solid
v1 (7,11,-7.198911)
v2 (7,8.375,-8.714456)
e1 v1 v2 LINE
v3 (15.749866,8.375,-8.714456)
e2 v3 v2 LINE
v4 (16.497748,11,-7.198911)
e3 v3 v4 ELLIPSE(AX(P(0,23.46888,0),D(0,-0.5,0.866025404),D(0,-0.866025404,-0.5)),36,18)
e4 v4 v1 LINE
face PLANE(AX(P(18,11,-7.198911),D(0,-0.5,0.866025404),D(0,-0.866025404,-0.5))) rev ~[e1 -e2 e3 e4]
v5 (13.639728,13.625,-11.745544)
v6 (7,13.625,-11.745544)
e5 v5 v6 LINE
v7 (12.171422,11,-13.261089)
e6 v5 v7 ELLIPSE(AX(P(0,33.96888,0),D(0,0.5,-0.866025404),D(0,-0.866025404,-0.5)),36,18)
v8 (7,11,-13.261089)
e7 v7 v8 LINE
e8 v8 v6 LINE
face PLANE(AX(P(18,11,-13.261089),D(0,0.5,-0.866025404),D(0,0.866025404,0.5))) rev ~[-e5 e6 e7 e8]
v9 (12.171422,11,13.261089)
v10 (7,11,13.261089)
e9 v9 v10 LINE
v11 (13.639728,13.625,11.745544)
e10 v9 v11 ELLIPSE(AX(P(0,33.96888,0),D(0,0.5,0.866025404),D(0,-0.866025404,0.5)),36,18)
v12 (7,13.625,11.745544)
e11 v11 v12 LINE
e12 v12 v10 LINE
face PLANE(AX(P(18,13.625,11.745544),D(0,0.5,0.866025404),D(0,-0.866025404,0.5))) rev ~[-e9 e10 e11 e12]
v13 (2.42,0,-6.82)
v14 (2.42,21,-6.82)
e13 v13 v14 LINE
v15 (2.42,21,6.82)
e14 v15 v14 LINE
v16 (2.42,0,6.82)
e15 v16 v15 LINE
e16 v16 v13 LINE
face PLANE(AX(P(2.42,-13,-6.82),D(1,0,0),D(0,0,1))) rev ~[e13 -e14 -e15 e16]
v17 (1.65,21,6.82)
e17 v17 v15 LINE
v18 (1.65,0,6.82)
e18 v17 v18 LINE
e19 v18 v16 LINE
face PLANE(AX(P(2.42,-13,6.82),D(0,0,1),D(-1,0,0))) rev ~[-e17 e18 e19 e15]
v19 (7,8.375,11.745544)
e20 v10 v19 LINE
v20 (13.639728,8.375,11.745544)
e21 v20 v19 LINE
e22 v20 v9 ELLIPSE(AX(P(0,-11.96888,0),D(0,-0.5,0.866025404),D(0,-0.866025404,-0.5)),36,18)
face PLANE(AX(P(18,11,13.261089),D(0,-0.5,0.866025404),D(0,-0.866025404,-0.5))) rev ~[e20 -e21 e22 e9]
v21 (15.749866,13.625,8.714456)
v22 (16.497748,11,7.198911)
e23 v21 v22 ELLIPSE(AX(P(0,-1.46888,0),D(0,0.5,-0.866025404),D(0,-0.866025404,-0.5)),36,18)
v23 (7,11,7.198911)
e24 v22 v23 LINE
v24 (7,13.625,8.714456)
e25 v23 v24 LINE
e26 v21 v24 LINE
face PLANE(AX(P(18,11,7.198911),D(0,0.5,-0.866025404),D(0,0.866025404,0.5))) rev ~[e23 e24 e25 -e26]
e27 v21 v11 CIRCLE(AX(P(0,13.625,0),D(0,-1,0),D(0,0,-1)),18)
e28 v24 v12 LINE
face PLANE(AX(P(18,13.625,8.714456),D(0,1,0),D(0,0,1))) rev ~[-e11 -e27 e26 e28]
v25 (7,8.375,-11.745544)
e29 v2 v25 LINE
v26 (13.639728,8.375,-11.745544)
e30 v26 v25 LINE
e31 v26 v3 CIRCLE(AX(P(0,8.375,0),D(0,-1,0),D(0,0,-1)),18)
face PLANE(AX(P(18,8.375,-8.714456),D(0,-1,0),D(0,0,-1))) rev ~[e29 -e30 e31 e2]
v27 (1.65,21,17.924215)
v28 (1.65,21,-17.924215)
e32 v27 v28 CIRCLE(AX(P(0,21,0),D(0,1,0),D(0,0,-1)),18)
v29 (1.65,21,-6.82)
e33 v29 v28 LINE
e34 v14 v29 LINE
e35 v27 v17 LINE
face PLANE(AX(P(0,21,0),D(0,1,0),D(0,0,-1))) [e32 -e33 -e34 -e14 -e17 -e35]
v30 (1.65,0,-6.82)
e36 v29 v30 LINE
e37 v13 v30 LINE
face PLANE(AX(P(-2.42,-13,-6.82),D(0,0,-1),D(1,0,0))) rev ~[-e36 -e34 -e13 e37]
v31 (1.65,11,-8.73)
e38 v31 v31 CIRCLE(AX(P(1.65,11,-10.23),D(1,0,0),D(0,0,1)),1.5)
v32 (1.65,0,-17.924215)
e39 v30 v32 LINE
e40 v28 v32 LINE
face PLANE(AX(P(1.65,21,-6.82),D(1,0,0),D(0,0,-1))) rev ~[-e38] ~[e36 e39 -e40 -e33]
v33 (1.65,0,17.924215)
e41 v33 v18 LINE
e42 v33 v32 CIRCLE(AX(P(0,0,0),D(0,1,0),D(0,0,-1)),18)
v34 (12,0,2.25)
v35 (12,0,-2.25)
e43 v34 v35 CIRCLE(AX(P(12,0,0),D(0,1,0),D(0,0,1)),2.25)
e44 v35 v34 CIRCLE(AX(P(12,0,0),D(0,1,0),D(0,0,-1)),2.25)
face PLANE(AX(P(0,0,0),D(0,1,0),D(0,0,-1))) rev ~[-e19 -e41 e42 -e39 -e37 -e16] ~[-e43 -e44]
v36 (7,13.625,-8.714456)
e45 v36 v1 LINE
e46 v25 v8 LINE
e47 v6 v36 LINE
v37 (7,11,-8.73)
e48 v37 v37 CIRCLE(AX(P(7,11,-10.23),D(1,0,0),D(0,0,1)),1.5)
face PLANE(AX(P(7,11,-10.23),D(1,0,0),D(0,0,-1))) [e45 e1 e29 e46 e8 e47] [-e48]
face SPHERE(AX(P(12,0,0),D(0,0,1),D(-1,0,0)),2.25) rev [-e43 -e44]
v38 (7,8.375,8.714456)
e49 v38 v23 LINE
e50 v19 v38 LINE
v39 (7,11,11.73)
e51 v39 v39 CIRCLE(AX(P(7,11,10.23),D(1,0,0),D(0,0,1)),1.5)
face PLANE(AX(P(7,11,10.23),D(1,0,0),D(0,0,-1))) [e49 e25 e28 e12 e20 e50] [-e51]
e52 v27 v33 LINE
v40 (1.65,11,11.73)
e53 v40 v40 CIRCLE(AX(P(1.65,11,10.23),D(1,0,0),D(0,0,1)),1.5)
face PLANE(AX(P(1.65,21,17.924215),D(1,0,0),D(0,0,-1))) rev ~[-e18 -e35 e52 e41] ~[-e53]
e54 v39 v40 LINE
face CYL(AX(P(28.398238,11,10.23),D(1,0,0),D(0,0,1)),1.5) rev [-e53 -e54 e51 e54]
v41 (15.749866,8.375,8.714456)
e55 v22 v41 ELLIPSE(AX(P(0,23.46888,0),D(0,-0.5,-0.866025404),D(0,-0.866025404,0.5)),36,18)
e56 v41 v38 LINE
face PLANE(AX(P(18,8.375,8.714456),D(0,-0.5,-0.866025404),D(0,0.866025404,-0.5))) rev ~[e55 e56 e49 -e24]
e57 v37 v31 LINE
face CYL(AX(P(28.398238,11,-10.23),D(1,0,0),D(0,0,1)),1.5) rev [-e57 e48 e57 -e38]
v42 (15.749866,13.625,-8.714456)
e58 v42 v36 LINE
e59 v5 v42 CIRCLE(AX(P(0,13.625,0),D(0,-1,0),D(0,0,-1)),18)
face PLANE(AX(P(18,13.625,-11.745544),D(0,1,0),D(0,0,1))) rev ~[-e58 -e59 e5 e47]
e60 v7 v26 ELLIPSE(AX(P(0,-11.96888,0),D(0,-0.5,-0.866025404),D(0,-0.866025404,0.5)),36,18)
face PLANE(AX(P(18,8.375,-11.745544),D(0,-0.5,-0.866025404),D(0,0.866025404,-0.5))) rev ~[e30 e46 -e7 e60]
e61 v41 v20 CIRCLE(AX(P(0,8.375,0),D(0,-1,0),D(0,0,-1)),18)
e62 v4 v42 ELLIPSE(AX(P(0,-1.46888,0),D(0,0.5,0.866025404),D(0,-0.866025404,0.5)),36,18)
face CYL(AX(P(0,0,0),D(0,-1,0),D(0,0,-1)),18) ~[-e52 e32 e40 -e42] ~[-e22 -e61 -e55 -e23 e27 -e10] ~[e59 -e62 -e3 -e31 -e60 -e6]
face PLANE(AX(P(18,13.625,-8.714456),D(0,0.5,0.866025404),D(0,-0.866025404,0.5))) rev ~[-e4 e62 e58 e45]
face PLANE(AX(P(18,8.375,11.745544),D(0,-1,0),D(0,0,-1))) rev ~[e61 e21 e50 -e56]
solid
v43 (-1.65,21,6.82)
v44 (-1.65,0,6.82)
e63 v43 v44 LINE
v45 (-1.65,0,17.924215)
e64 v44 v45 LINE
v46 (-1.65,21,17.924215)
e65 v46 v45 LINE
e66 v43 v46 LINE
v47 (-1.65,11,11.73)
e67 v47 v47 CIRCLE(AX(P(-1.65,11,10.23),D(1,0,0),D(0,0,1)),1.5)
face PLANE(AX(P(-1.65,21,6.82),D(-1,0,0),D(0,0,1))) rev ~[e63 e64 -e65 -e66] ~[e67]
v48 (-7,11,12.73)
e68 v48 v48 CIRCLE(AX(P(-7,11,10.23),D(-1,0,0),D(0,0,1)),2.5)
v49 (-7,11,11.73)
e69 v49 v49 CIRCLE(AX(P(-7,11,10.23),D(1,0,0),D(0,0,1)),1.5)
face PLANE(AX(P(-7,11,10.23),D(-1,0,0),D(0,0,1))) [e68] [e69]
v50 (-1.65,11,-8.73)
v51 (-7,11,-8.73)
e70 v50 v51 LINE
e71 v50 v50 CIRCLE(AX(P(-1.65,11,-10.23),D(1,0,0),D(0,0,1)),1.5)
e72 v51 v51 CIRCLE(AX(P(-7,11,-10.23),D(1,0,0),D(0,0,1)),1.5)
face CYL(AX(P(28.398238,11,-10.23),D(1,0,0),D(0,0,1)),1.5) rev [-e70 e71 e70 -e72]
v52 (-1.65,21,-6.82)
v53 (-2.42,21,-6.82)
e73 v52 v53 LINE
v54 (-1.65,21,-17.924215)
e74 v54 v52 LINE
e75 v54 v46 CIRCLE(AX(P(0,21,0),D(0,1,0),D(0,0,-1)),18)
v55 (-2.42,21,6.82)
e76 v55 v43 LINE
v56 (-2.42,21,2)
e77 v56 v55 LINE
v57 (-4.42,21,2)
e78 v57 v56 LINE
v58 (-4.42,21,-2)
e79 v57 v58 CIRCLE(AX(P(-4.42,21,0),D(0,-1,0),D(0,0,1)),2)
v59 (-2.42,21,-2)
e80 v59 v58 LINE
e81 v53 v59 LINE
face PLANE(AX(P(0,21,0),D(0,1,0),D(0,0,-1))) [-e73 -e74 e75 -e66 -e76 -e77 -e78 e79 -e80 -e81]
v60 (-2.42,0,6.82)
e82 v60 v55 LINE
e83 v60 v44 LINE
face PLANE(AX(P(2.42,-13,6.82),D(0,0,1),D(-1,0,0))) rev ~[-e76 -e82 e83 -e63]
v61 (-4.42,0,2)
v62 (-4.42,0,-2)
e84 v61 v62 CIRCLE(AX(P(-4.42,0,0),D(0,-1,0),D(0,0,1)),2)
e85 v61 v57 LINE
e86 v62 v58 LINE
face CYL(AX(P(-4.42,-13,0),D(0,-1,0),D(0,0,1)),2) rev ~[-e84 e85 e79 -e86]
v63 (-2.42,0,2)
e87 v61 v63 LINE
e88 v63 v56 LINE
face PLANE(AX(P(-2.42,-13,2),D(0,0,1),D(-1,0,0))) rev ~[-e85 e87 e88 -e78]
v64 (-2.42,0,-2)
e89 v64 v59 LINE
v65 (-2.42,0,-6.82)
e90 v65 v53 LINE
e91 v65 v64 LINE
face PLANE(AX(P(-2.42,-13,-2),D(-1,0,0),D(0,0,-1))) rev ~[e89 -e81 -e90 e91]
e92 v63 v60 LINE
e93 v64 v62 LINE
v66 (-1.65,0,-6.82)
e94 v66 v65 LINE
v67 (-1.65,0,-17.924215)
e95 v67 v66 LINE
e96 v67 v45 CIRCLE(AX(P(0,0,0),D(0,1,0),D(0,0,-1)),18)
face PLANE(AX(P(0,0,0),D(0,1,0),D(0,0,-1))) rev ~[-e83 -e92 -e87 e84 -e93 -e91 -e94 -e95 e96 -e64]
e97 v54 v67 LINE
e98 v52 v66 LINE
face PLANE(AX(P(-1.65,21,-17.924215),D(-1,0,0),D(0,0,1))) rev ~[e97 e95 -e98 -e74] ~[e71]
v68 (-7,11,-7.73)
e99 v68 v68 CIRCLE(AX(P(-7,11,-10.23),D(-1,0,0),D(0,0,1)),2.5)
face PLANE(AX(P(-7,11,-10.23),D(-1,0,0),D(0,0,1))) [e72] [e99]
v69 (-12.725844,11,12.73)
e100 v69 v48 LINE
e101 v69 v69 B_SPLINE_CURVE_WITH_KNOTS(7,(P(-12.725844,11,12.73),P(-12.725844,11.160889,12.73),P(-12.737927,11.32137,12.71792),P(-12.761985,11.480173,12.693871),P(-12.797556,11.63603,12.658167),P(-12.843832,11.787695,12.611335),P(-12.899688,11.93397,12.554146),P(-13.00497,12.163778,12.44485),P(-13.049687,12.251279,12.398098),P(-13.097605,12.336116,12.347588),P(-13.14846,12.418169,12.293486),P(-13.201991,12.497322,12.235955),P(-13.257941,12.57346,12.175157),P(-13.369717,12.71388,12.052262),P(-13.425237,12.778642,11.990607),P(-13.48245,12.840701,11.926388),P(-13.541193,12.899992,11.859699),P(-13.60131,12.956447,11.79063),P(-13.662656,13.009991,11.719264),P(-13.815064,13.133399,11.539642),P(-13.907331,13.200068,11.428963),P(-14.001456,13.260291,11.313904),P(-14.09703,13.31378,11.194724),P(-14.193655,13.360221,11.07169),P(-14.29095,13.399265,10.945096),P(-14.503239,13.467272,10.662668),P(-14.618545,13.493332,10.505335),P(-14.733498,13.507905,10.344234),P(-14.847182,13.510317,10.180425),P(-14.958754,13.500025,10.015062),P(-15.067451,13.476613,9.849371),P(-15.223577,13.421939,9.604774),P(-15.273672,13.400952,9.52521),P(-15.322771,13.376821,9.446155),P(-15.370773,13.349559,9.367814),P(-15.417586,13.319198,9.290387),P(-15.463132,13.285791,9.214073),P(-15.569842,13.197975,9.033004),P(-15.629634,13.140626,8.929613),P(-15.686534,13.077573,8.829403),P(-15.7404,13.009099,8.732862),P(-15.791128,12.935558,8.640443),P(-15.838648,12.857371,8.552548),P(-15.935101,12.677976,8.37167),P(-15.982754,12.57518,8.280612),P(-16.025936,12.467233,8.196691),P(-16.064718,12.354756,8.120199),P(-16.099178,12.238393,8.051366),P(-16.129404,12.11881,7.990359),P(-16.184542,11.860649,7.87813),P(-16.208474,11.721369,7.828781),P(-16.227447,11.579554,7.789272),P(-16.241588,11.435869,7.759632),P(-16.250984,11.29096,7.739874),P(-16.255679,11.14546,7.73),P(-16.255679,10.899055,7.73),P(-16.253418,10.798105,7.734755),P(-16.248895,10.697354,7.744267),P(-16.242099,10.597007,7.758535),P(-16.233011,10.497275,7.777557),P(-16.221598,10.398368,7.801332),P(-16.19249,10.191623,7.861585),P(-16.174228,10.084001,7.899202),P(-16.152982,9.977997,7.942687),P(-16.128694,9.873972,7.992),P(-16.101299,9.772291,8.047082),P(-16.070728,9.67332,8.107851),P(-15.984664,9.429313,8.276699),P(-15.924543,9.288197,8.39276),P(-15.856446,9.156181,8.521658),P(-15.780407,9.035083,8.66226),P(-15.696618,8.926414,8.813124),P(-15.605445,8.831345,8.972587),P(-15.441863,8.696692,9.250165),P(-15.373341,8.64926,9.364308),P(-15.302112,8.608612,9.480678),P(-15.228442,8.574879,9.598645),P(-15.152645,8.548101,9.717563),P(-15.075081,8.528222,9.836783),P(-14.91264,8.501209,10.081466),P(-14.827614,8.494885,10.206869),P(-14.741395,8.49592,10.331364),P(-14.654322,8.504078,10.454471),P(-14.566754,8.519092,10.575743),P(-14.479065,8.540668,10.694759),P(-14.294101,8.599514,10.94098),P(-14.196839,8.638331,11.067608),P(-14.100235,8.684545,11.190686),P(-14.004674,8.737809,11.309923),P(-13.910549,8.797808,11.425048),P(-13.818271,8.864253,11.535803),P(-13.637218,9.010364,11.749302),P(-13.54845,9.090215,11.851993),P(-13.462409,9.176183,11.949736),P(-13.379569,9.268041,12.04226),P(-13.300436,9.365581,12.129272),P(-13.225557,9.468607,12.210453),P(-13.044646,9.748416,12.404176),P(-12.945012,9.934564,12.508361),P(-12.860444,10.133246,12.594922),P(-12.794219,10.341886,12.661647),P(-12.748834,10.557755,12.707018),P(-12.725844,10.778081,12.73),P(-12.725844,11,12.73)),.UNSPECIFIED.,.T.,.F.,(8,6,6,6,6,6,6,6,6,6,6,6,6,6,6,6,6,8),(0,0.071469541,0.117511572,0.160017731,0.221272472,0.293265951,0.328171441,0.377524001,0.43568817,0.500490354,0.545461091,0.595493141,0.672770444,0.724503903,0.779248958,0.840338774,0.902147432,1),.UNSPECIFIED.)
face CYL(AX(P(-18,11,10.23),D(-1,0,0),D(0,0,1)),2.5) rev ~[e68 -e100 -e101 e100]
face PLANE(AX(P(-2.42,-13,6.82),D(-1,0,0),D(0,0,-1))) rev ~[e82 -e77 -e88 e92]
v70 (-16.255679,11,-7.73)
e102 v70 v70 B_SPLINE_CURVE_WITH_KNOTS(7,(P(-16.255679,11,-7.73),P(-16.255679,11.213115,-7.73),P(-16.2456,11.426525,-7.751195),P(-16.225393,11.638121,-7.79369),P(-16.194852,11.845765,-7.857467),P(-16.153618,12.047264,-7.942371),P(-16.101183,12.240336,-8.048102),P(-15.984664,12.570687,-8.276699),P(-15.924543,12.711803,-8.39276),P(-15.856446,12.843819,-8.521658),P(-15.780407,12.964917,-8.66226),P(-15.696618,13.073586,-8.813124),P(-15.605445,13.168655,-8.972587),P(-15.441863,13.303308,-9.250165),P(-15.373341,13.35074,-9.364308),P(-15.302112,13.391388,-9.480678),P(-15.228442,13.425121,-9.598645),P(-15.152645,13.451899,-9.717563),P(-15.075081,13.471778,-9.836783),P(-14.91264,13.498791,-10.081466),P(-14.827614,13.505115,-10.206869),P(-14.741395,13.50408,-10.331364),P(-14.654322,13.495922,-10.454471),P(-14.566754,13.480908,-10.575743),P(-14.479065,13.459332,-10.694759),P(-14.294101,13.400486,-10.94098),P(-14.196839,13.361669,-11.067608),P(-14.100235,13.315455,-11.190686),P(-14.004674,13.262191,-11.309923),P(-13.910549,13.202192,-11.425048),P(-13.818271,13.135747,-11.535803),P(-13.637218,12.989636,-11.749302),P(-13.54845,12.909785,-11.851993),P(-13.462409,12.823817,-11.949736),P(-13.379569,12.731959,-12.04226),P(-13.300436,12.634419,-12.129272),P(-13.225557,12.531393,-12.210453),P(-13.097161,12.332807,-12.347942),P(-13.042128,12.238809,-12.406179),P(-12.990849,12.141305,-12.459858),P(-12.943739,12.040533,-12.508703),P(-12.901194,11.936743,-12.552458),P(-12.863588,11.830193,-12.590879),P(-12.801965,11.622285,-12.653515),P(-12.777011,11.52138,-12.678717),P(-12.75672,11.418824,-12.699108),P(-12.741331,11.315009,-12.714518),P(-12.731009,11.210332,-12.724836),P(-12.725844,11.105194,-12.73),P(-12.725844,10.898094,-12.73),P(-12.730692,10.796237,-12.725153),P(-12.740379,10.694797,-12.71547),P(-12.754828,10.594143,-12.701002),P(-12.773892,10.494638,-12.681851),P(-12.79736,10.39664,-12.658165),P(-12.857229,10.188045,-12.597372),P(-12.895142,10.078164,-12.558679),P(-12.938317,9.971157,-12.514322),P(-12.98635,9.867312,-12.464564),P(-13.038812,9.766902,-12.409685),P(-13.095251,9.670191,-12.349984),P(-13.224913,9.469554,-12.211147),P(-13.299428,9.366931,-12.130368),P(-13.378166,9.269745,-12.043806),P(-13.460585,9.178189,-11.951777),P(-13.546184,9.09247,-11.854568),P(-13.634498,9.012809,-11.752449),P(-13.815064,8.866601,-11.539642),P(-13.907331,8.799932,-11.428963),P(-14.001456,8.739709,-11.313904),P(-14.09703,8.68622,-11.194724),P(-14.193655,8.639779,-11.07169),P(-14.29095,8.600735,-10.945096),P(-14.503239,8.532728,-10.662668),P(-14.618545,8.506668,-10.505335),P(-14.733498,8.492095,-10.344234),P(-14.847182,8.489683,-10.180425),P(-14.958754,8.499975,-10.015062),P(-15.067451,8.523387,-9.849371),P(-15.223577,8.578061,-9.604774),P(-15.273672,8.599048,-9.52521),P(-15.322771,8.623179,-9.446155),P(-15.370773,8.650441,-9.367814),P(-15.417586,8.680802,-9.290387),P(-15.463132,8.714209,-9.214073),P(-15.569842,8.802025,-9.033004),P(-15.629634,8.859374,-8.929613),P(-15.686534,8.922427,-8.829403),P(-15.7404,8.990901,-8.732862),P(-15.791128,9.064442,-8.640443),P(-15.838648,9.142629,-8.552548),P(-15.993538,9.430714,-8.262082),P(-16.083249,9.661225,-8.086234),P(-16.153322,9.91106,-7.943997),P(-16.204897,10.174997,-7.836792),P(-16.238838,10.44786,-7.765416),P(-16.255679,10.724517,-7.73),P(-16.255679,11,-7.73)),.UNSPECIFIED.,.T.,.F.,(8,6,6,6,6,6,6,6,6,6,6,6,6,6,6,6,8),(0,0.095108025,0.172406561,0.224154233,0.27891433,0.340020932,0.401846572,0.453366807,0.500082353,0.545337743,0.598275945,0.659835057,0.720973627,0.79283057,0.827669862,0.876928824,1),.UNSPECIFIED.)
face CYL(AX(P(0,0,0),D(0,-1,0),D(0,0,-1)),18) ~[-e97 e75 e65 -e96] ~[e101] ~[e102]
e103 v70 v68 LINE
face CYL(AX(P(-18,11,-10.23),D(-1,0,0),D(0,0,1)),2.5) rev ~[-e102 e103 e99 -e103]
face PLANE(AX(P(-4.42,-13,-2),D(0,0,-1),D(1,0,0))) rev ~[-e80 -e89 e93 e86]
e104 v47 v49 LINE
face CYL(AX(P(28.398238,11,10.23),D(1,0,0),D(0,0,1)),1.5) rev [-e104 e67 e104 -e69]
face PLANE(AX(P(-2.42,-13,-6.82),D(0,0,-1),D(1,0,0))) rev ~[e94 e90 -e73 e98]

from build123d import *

# Parameters (mm, degrees)
SKETCH1_R               = 18
BOSS_EXTRUDE1_DEPTH     = 21
CUT_EXTRUDE1_DEPTH      = 34
CUT_EXTRUDE1_DEPTH_BACK = 34
CUT_EXTRUDE2_DEPTH      = 46.398237851
CUT_EXTRUDE2_DEPTH_BACK = 46.398237851
SKETCH7_R               = 1.5
SKETCH8_R               = 2.5
CUT_EXTRUDE3_DEPTH      = 11
CUT_EXTRUDE4_DEPTH      = 11
CUT_EXTRUDE7_DEPTH      = 34.000000173


with BuildPart() as part:
    # Sketch1 → Boss-Extrude1 (new body)
    with BuildSketch(Plane(origin=(0, 0, 0), x_dir=(1, 0, 0), z_dir=(0, 1, 0))):
        with Locations(Location((0, 0, 0), (0, 0, 90))):
            Circle(SKETCH1_R)
    extrude(amount=BOSS_EXTRUDE1_DEPTH)

    # Sketch5 → Cut-Revolve2 (revolve, cut)
    with BuildSketch(Plane(origin=(0, 0, 0), x_dir=(-1, 0, 0), z_dir=(0, -1, 0))):
        with BuildLine():
            Line((-12, -2.25), (-12, 2.25))
            ThreePointArc((-12, 2.25), (-9.75, 0), (-12, -2.25))
        make_face()
    revolve(axis=Axis((12, 0, 2.25), (0, 0, -1)), mode=Mode.SUBTRACT)

    # Sketch6 → Cut-Extrude1 (cut, two sides: drawn at the far end of the back side and taken through both)
    with BuildSketch(Plane(origin=(0, 21, 0), x_dir=(1, 0, 0), z_dir=(0, 1, 0)).offset(-CUT_EXTRUDE1_DEPTH_BACK)):
        with BuildLine():
            Line((-4.42, 2), (-2.42, 2))
            Line((-2.42, 2), (-2.42, 6.82))
            Line((-2.42, 6.82), (2.42, 6.82))
            Line((2.42, 6.82), (2.42, -6.82))
            Line((2.42, -6.82), (-2.42, -6.82))
            Line((-2.42, -6.82), (-2.42, -2))
            Line((-2.42, -2), (-4.42, -2))
            ThreePointArc((-4.42, -2), (-6.42, 0), (-4.42, 2))
        make_face()
    extrude(amount=CUT_EXTRUDE1_DEPTH + CUT_EXTRUDE1_DEPTH_BACK, mode=Mode.SUBTRACT)

    # Sketch7 → Cut-Extrude2 (cut, two sides: drawn at the far end of the back side and taken through both)
    with BuildSketch(Plane.ZY.offset(18).offset(-CUT_EXTRUDE2_DEPTH_BACK)):
        with Locations((-10.23, 11)):
            Circle(SKETCH7_R)
        with Locations((10.23, 11)):
            Circle(SKETCH7_R)
    extrude(amount=CUT_EXTRUDE2_DEPTH + CUT_EXTRUDE2_DEPTH_BACK, mode=Mode.SUBTRACT)

    # Sketch8 → Cut-Extrude3 (cut)
    with BuildSketch(Plane.ZY.offset(18)):
        with Locations((-10.23, 11)):
            Circle(SKETCH8_R)
        with Locations((10.23, 11)):
            Circle(SKETCH8_R)
    extrude(amount=-CUT_EXTRUDE3_DEPTH, mode=Mode.SUBTRACT)

    # Sketch9 → Cut-Extrude4 (cut)
    with BuildSketch(Plane(origin=(18, 0, 0), x_dir=(0, 0, -1), z_dir=(1, 0, 0))):
        Polygon((-8.714455543, 13.625), (-11.745544457, 13.625), (-13.261088913, 11), (-11.745544457, 8.375), (-8.714455543, 8.375), (-7.198911087, 11), align=None)
        Polygon((11.745544457, 13.625), (8.714455543, 13.625), (7.198911087, 11), (8.714455543, 8.375), (11.745544457, 8.375), (13.261088913, 11), align=None)
    extrude(amount=-CUT_EXTRUDE4_DEPTH, mode=Mode.SUBTRACT)

    # Sketch14 → Cut-Extrude7 (cut, through all)
    with BuildSketch(Plane(origin=(0, 21, 0), x_dir=(1, 0, 0), z_dir=(0, 1, 0))):
        with BuildLine():
            ThreePointArc((1.65, 17.924215464), (0.825869738, 17.981043884), (0, 18))
            ThreePointArc((0, 18), (-0.825869738, 17.981043884), (-1.65, 17.924215464))
            Line((-1.65, 17.924215464), (-1.65, 6.82))
            Line((-1.65, 6.82), (1.65, 6.82))
            Line((1.65, 6.82), (1.65, 17.924215464))
        make_face()
        with BuildLine():
            Line((-1.65, -6.82), (-1.65, -17.924215464))
            ThreePointArc((-1.65, -17.924215464), (-0.825869738, -17.981043884), (0, -18))
            ThreePointArc((0, -18), (0.825869738, -17.981043884), (1.65, -17.924215464))
            Line((1.65, -17.924215464), (1.65, -6.82))
            Line((1.65, -6.82), (-1.65, -6.82))
        make_face()
    extrude(amount=-CUT_EXTRUDE7_DEPTH, mode=Mode.SUBTRACT)


with BuildPart() as cut_extrude7_piece_1:
    # of the separate pieces the step leaves, piece 1, a body of its own (cut_extrude7_pieces)
    add(part.part.solids().sort_by_distance((1.65, 21, -17.924215464))[0])


with BuildPart() as cut_extrude7_piece_2:
    # of the separate pieces the step leaves, piece 2, a body of its own (cut_extrude7_pieces)
    add(part.part.solids().sort_by_distance((-1.65, 0, -17.924215464))[0])


solid = Compound([cut_extrude7_piece_1.part, cut_extrude7_piece_2.part])
